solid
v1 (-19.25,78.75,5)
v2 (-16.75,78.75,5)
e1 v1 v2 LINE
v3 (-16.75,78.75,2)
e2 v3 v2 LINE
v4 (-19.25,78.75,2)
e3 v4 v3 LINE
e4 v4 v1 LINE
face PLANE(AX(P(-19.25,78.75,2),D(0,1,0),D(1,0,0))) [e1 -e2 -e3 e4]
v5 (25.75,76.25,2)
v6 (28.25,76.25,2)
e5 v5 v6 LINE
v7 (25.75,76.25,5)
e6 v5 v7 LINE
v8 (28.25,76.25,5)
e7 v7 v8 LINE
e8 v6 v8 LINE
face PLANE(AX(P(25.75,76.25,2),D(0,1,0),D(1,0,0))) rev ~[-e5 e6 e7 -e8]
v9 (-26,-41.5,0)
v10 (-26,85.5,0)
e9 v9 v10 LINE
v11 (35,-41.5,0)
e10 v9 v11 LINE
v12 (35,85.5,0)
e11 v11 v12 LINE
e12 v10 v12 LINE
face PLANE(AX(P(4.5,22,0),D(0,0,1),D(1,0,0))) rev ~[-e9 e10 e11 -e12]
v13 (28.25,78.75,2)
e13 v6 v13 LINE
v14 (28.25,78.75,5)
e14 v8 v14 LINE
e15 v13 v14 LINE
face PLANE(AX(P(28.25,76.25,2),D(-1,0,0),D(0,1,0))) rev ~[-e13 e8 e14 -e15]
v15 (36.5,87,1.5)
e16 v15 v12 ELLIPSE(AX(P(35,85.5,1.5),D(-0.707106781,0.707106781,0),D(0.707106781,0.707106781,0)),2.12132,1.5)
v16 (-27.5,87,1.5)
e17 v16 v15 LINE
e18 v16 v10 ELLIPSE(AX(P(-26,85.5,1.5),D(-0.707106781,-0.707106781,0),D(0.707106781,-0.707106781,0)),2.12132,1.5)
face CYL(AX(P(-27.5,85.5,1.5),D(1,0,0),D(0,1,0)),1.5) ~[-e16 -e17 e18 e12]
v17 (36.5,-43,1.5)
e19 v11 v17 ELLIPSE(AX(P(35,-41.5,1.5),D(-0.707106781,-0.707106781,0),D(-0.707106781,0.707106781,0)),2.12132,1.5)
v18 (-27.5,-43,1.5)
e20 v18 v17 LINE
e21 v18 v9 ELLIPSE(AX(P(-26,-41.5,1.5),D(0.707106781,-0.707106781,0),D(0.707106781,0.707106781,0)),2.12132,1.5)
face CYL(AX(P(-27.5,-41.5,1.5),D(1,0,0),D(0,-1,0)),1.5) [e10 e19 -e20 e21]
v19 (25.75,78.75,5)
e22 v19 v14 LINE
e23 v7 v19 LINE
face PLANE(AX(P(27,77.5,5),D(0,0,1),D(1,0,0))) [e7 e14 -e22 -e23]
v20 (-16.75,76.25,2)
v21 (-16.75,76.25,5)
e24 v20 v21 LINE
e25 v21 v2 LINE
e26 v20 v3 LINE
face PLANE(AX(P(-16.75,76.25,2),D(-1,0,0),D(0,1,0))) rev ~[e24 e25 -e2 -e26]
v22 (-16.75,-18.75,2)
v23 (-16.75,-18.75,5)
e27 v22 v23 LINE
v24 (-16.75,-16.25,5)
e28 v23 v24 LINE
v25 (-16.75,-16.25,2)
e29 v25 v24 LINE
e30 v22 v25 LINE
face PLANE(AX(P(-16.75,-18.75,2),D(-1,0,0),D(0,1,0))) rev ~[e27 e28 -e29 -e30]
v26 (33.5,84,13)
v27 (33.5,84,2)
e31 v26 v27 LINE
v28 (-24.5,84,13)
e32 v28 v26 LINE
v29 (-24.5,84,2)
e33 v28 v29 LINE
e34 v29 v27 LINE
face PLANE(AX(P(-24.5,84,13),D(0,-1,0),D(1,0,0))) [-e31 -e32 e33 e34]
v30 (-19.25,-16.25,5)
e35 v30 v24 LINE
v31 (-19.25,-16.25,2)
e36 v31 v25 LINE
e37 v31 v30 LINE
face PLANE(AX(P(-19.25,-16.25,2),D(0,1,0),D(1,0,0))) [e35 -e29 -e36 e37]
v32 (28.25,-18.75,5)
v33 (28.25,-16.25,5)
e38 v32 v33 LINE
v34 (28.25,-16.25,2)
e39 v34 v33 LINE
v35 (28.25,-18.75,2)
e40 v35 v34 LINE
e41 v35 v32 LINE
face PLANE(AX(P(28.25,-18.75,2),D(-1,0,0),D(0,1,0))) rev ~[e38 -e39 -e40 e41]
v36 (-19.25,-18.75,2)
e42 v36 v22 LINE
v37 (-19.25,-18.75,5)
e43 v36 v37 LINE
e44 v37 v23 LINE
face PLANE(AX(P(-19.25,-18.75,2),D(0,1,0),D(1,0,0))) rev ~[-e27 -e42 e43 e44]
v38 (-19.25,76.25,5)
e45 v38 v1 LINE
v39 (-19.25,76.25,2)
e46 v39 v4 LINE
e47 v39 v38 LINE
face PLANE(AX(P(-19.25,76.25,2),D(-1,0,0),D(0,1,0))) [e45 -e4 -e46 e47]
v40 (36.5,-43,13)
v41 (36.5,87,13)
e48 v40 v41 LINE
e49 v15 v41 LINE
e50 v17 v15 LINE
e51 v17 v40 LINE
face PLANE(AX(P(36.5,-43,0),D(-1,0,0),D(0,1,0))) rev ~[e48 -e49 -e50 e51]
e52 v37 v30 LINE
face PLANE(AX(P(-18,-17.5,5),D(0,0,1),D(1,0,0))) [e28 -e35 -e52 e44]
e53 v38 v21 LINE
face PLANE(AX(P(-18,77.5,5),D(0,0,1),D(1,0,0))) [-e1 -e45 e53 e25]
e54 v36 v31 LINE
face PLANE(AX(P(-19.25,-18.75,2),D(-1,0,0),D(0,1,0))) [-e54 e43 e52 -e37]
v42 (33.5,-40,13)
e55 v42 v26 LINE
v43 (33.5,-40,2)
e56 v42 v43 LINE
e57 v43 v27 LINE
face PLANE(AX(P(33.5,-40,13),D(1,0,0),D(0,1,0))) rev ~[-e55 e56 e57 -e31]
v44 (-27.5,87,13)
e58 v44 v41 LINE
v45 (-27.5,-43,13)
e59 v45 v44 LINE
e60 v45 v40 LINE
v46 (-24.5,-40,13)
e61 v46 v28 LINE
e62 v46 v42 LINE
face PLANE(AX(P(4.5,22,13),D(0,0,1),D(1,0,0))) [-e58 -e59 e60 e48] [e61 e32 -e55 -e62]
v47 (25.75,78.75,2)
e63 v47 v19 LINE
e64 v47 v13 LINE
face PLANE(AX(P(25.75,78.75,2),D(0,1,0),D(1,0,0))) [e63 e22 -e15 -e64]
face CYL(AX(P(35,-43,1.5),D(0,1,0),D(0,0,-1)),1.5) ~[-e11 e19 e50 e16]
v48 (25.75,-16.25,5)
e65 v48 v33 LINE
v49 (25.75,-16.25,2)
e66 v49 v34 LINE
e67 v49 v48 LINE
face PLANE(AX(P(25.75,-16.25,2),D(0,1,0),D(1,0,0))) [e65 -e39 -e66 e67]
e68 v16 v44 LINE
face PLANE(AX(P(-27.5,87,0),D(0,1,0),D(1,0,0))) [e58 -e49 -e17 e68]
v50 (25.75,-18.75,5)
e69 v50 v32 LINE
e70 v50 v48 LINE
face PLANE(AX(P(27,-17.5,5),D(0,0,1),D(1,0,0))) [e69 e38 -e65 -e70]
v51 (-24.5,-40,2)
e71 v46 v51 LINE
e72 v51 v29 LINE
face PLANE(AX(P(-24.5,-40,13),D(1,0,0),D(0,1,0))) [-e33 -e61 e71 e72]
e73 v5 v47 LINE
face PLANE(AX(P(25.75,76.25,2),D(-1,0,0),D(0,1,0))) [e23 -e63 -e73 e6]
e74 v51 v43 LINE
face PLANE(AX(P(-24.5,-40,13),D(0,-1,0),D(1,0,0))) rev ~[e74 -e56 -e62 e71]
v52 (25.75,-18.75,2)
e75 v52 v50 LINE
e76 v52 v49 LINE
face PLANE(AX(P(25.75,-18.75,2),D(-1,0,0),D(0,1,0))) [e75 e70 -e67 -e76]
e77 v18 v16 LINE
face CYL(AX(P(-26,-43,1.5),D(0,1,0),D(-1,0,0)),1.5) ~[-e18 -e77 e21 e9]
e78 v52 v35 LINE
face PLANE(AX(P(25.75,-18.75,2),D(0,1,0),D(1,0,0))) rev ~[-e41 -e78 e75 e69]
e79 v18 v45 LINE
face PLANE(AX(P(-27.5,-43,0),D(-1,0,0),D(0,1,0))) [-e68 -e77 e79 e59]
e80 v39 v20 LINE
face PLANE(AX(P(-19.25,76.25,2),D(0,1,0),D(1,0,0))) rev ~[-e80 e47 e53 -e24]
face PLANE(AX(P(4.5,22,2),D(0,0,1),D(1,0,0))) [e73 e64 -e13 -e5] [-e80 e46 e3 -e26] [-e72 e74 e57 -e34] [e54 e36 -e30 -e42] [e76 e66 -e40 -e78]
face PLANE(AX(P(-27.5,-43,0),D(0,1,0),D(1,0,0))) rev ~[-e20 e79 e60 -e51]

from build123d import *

# Parameters (mm, degrees)
SKETCH_W     = 64
SKETCH_H     = 130
PAD_DEPTH    = 13
SKETCH002_W  = 58
SKETCH002_H  = 124
POCKET_DEPTH = 11
SKETCH007_W  = 2.5
SKETCH007_H  = 2.5
PAD001_DEPTH = 3
FILLET_R     = 1.5


with BuildPart() as part:
    # Sketch → Pad (new body)
    with BuildSketch(Plane.XY):
        with Locations((4.5, 22)):
            Rectangle(SKETCH_W, SKETCH_H)
    extrude(amount=PAD_DEPTH)

    # Sketch002 → Pocket (cut)
    with BuildSketch(Plane.XY.offset(13)):
        with Locations((4.5, 22)):
            Rectangle(SKETCH002_W, SKETCH002_H)
    extrude(amount=-POCKET_DEPTH, mode=Mode.SUBTRACT)

    # Sketch007 → Pad001 (new body)
    with BuildSketch(Plane.XY.offset(2)):
        with Locations((-18, 77.5)):
            Rectangle(SKETCH007_W, SKETCH007_H)
        with Locations((27, 77.5)):
            Rectangle(SKETCH007_W, SKETCH007_H)
        with Locations((-18, -17.5)):
            Rectangle(SKETCH007_W, SKETCH007_H)
        with Locations((27, -17.5)):
            Rectangle(SKETCH007_W, SKETCH007_H)
    extrude(amount=PAD001_DEPTH)

    # Fillet
    fillet_edges = [part.edges().sort_by_distance(p)[0] for p in [
        (4.5, 87, 0),
        (-27.5, 22, 0),
        (36.5, 22, 0),
        (4.5, -43, 0),
    ]]
    fillet(fillet_edges, radius=FILLET_R)


solid = part.part
